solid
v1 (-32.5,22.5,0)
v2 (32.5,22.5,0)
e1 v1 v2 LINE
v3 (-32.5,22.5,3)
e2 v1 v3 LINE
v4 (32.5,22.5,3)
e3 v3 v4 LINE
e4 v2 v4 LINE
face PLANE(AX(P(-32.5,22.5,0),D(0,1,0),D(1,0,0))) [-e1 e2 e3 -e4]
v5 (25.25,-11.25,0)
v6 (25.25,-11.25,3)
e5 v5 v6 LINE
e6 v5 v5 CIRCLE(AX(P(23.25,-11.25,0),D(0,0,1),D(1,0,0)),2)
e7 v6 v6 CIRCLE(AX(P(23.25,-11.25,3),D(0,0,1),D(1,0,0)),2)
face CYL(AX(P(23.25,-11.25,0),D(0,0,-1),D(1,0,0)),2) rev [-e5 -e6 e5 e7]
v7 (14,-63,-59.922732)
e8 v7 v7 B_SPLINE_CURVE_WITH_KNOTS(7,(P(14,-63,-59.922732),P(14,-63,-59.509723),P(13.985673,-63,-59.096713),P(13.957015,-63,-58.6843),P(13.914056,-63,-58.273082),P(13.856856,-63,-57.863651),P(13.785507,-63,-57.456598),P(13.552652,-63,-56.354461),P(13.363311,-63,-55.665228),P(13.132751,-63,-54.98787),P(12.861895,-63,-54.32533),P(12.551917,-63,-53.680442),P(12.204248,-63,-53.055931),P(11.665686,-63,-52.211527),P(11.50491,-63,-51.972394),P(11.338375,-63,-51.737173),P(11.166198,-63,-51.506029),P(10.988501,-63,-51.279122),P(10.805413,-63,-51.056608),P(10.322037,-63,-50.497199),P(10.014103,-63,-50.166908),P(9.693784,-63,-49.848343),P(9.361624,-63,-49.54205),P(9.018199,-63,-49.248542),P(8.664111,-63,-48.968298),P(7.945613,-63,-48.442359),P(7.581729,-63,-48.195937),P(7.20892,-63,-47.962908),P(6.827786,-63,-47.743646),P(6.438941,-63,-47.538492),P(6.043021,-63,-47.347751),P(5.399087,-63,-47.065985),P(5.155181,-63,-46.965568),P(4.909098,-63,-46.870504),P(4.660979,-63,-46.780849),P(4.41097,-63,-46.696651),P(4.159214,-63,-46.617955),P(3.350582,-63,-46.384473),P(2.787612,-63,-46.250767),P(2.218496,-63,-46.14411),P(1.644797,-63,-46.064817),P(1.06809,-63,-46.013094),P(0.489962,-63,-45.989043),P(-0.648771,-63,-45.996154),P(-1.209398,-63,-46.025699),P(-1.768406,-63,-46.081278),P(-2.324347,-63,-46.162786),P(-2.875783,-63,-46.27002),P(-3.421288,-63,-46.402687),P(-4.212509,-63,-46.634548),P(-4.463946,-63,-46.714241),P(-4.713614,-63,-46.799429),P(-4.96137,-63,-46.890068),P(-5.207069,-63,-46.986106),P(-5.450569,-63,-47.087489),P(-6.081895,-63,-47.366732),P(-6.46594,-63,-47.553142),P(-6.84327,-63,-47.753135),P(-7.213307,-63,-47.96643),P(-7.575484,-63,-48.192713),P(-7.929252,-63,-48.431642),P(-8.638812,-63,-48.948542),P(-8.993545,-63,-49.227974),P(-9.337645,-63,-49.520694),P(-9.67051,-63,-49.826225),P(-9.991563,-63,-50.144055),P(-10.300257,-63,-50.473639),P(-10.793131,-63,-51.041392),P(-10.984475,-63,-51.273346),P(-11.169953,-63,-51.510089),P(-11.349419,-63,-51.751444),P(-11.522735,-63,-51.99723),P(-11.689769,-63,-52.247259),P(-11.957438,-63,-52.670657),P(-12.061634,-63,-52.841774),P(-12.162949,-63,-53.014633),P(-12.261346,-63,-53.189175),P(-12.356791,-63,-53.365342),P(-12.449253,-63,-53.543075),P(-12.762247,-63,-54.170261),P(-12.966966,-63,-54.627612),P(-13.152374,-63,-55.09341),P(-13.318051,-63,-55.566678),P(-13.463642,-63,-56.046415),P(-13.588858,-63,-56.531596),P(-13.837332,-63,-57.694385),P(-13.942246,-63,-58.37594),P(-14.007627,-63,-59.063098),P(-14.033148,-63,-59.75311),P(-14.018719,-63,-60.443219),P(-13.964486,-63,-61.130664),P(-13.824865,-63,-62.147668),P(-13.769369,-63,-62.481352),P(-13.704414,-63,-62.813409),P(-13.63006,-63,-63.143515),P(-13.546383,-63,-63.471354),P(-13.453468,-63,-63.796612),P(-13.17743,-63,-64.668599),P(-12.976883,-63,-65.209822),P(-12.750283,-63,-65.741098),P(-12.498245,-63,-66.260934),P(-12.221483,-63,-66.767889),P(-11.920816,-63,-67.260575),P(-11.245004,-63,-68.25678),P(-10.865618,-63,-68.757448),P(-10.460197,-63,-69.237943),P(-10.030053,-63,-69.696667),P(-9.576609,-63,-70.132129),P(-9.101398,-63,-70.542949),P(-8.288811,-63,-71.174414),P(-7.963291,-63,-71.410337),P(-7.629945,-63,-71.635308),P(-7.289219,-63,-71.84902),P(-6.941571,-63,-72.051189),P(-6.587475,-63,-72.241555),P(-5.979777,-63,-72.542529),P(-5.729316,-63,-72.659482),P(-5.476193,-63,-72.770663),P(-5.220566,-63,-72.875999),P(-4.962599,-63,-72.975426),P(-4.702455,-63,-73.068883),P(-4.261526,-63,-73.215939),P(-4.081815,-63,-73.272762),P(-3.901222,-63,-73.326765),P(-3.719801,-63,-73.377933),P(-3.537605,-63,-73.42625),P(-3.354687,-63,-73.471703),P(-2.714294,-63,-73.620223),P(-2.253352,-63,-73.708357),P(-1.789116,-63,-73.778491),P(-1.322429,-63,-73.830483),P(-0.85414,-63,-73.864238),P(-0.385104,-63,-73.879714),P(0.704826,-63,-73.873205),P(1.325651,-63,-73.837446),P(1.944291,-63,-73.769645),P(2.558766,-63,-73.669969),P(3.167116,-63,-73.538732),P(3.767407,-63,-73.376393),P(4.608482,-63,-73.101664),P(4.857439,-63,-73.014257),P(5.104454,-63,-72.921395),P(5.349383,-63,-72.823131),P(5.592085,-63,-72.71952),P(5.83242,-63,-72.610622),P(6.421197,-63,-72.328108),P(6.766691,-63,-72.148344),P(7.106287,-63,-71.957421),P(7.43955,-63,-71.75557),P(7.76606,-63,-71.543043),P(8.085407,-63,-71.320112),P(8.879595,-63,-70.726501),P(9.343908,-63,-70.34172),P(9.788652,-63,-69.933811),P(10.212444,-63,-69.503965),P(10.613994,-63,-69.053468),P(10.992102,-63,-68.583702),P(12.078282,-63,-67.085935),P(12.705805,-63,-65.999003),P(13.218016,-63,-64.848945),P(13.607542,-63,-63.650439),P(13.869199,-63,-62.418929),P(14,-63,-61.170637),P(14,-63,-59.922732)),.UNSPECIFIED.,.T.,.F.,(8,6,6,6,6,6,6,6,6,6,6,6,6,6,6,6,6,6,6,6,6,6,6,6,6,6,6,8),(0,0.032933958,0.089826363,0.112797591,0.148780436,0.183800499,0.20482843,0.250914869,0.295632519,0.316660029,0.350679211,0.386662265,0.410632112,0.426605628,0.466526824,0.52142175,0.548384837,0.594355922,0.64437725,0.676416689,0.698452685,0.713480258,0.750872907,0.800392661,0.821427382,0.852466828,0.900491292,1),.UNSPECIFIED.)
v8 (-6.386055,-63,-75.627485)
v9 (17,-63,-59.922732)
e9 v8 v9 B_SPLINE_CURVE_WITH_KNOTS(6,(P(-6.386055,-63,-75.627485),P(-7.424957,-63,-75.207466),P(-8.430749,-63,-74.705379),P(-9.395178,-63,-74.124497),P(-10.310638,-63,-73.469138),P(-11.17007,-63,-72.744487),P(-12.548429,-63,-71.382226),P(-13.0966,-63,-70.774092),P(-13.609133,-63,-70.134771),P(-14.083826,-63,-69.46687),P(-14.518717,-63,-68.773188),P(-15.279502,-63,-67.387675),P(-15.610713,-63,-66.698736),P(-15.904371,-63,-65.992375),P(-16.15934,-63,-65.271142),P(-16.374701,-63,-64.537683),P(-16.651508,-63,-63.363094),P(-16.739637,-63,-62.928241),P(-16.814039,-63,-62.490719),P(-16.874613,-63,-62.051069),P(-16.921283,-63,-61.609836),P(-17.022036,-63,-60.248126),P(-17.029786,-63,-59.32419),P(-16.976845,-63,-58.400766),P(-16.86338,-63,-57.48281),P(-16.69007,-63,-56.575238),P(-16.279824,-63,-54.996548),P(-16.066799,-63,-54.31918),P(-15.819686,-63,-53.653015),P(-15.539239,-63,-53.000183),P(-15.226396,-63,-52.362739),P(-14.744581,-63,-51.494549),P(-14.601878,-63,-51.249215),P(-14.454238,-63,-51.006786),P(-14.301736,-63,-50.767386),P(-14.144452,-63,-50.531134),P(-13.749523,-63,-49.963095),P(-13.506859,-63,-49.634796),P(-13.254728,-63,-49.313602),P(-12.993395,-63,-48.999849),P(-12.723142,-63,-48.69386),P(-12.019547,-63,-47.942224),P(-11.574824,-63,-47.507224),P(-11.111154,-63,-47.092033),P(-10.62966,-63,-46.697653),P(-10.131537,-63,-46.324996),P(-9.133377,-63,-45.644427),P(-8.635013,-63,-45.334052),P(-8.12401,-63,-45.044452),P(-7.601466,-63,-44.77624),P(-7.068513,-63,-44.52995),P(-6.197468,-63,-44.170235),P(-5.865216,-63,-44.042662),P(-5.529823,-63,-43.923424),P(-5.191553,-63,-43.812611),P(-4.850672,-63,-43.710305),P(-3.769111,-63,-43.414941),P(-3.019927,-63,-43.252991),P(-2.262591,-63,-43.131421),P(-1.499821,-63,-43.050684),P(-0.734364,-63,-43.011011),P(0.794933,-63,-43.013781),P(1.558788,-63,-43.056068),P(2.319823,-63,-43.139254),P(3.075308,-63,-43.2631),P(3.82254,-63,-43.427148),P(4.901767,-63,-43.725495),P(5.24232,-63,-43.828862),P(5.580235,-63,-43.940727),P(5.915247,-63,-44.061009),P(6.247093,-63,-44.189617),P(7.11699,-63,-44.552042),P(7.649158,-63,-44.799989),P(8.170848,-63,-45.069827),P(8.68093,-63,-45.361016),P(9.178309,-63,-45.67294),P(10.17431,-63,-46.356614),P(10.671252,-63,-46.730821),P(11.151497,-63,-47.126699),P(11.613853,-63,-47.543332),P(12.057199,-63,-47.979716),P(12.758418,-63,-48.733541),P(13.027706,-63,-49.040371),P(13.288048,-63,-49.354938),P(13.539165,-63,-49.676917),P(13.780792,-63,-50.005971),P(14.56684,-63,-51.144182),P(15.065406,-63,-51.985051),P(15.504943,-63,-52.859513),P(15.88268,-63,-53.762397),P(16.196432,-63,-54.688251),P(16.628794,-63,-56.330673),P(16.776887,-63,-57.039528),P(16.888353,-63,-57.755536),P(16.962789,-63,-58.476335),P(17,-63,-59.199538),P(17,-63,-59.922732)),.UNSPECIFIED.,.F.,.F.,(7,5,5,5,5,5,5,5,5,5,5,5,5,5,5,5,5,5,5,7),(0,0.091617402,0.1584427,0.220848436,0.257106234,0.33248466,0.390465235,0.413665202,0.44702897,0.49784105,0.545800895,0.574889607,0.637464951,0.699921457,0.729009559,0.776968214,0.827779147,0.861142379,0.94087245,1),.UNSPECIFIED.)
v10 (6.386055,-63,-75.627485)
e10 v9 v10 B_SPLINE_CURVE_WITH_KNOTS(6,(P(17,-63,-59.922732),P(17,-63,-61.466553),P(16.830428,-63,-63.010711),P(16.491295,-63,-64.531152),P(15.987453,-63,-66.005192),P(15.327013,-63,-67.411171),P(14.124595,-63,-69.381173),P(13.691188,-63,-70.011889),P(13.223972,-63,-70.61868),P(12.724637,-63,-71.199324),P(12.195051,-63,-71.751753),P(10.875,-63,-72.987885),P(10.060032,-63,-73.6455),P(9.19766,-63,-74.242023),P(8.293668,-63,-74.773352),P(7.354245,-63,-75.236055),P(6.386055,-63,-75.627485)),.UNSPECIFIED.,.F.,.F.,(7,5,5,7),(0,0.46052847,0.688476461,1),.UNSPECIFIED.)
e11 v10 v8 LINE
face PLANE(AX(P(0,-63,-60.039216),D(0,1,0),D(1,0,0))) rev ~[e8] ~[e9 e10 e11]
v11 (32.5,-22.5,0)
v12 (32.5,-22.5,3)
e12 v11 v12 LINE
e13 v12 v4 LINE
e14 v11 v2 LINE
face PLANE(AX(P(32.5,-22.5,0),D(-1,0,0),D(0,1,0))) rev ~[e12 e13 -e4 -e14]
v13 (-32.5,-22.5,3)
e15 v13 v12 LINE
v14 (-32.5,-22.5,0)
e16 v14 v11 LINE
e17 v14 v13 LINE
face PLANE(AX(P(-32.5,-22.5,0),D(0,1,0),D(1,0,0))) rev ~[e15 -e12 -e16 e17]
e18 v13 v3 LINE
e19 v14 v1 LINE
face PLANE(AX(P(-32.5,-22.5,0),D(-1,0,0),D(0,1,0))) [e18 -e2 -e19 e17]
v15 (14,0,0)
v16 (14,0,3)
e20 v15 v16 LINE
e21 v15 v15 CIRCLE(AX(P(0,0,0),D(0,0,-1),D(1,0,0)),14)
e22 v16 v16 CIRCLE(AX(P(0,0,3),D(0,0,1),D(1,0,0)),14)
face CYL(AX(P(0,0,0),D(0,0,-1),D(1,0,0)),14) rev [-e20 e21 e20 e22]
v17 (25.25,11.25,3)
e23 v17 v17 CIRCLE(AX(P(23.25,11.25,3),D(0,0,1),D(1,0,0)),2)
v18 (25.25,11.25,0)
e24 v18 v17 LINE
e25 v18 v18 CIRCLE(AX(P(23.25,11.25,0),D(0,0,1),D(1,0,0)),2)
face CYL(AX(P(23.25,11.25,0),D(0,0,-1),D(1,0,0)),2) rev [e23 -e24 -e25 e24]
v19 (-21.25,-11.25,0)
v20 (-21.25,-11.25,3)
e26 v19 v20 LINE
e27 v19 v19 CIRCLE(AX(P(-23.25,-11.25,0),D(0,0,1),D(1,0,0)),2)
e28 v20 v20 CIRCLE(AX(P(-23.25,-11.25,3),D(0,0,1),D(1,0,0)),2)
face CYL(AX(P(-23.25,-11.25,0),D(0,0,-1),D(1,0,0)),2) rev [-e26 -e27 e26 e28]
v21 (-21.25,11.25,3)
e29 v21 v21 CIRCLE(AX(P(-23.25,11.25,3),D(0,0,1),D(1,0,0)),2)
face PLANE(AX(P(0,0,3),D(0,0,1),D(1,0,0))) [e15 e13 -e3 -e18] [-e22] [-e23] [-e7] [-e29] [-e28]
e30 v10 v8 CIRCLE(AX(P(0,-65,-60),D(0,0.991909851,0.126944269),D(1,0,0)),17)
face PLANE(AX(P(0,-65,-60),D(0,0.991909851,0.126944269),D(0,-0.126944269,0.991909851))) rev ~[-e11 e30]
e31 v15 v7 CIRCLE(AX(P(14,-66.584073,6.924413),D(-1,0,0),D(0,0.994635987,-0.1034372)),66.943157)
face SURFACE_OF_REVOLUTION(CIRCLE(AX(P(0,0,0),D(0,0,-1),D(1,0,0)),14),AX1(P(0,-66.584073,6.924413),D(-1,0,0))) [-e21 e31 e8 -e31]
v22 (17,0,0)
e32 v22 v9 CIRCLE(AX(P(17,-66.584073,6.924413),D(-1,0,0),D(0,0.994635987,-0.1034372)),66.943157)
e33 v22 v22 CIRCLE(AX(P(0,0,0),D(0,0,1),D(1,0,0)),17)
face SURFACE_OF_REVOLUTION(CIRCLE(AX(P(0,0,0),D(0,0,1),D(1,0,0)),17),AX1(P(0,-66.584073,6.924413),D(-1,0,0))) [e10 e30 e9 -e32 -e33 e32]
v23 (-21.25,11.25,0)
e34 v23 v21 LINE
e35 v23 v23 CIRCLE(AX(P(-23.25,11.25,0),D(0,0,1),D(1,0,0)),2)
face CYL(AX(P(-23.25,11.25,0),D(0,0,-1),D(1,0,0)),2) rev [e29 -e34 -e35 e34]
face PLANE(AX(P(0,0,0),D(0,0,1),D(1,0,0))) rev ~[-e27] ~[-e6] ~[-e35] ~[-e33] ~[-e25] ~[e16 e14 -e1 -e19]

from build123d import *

# Parameters (mm, degrees)
ESQUISSE1_R             = 17
ESQUISSE1_R_2           = 14
ESQUISSE3_W             = 65
ESQUISSE3_H             = 45
ESQUISSE3_R             = 14
ESQUISSE3_R_2           = 2
BOSS_EXTRU_1_DEPTH      = 3
ESQUISSE4_W             = 56.431647226
ESQUISSE4_H             = 36.329386627
ENL_V_MAT_EXTRU_1_DEPTH = 10


with BuildPart() as part:
    # Balayage1: sweep along a path in Esquisse2
    with BuildLine(Plane(origin=(0, 0, 0), x_dir=(0, 0, -1), z_dir=(1, 0, 0))) as balayage1_path:
        ThreePointArc((0, 0), (42.265649833, -21.177861693), (60, -65))
    # Esquisse1 → Balayage1 (sweep)
    with BuildSketch(Plane.XY):
        Circle(ESQUISSE1_R)
        Circle(ESQUISSE1_R_2, mode=Mode.SUBTRACT)
    sweep(path=balayage1_path.line)

    # Esquisse3 → Boss.-Extru.1 (add)
    with BuildSketch(Plane.XY):
        Rectangle(ESQUISSE3_W, ESQUISSE3_H)
        Circle(ESQUISSE3_R, mode=Mode.SUBTRACT)
        with Locations((-23.25, 11.25)):
            Circle(ESQUISSE3_R_2, mode=Mode.SUBTRACT)
        with Locations((-23.25, -11.25)):
            Circle(ESQUISSE3_R_2, mode=Mode.SUBTRACT)
        with Locations((23.25, -11.25)):
            Circle(ESQUISSE3_R_2, mode=Mode.SUBTRACT)
        with Locations((23.25, 11.25)):
            Circle(ESQUISSE3_R_2, mode=Mode.SUBTRACT)
    extrude(amount=BOSS_EXTRU_1_DEPTH)

    # Esquisse4 → Enlèv. mat.-Extru.1 (cut)
    with BuildSketch(Plane(origin=(0, -63, 0), x_dir=(1, 0, 0), z_dir=(0, 1, 0))):
        with Locations((0, 60.039216013)):
            Rectangle(ESQUISSE4_W, ESQUISSE4_H)
    extrude(amount=-ENL_V_MAT_EXTRU_1_DEPTH, mode=Mode.SUBTRACT)


solid = part.part
